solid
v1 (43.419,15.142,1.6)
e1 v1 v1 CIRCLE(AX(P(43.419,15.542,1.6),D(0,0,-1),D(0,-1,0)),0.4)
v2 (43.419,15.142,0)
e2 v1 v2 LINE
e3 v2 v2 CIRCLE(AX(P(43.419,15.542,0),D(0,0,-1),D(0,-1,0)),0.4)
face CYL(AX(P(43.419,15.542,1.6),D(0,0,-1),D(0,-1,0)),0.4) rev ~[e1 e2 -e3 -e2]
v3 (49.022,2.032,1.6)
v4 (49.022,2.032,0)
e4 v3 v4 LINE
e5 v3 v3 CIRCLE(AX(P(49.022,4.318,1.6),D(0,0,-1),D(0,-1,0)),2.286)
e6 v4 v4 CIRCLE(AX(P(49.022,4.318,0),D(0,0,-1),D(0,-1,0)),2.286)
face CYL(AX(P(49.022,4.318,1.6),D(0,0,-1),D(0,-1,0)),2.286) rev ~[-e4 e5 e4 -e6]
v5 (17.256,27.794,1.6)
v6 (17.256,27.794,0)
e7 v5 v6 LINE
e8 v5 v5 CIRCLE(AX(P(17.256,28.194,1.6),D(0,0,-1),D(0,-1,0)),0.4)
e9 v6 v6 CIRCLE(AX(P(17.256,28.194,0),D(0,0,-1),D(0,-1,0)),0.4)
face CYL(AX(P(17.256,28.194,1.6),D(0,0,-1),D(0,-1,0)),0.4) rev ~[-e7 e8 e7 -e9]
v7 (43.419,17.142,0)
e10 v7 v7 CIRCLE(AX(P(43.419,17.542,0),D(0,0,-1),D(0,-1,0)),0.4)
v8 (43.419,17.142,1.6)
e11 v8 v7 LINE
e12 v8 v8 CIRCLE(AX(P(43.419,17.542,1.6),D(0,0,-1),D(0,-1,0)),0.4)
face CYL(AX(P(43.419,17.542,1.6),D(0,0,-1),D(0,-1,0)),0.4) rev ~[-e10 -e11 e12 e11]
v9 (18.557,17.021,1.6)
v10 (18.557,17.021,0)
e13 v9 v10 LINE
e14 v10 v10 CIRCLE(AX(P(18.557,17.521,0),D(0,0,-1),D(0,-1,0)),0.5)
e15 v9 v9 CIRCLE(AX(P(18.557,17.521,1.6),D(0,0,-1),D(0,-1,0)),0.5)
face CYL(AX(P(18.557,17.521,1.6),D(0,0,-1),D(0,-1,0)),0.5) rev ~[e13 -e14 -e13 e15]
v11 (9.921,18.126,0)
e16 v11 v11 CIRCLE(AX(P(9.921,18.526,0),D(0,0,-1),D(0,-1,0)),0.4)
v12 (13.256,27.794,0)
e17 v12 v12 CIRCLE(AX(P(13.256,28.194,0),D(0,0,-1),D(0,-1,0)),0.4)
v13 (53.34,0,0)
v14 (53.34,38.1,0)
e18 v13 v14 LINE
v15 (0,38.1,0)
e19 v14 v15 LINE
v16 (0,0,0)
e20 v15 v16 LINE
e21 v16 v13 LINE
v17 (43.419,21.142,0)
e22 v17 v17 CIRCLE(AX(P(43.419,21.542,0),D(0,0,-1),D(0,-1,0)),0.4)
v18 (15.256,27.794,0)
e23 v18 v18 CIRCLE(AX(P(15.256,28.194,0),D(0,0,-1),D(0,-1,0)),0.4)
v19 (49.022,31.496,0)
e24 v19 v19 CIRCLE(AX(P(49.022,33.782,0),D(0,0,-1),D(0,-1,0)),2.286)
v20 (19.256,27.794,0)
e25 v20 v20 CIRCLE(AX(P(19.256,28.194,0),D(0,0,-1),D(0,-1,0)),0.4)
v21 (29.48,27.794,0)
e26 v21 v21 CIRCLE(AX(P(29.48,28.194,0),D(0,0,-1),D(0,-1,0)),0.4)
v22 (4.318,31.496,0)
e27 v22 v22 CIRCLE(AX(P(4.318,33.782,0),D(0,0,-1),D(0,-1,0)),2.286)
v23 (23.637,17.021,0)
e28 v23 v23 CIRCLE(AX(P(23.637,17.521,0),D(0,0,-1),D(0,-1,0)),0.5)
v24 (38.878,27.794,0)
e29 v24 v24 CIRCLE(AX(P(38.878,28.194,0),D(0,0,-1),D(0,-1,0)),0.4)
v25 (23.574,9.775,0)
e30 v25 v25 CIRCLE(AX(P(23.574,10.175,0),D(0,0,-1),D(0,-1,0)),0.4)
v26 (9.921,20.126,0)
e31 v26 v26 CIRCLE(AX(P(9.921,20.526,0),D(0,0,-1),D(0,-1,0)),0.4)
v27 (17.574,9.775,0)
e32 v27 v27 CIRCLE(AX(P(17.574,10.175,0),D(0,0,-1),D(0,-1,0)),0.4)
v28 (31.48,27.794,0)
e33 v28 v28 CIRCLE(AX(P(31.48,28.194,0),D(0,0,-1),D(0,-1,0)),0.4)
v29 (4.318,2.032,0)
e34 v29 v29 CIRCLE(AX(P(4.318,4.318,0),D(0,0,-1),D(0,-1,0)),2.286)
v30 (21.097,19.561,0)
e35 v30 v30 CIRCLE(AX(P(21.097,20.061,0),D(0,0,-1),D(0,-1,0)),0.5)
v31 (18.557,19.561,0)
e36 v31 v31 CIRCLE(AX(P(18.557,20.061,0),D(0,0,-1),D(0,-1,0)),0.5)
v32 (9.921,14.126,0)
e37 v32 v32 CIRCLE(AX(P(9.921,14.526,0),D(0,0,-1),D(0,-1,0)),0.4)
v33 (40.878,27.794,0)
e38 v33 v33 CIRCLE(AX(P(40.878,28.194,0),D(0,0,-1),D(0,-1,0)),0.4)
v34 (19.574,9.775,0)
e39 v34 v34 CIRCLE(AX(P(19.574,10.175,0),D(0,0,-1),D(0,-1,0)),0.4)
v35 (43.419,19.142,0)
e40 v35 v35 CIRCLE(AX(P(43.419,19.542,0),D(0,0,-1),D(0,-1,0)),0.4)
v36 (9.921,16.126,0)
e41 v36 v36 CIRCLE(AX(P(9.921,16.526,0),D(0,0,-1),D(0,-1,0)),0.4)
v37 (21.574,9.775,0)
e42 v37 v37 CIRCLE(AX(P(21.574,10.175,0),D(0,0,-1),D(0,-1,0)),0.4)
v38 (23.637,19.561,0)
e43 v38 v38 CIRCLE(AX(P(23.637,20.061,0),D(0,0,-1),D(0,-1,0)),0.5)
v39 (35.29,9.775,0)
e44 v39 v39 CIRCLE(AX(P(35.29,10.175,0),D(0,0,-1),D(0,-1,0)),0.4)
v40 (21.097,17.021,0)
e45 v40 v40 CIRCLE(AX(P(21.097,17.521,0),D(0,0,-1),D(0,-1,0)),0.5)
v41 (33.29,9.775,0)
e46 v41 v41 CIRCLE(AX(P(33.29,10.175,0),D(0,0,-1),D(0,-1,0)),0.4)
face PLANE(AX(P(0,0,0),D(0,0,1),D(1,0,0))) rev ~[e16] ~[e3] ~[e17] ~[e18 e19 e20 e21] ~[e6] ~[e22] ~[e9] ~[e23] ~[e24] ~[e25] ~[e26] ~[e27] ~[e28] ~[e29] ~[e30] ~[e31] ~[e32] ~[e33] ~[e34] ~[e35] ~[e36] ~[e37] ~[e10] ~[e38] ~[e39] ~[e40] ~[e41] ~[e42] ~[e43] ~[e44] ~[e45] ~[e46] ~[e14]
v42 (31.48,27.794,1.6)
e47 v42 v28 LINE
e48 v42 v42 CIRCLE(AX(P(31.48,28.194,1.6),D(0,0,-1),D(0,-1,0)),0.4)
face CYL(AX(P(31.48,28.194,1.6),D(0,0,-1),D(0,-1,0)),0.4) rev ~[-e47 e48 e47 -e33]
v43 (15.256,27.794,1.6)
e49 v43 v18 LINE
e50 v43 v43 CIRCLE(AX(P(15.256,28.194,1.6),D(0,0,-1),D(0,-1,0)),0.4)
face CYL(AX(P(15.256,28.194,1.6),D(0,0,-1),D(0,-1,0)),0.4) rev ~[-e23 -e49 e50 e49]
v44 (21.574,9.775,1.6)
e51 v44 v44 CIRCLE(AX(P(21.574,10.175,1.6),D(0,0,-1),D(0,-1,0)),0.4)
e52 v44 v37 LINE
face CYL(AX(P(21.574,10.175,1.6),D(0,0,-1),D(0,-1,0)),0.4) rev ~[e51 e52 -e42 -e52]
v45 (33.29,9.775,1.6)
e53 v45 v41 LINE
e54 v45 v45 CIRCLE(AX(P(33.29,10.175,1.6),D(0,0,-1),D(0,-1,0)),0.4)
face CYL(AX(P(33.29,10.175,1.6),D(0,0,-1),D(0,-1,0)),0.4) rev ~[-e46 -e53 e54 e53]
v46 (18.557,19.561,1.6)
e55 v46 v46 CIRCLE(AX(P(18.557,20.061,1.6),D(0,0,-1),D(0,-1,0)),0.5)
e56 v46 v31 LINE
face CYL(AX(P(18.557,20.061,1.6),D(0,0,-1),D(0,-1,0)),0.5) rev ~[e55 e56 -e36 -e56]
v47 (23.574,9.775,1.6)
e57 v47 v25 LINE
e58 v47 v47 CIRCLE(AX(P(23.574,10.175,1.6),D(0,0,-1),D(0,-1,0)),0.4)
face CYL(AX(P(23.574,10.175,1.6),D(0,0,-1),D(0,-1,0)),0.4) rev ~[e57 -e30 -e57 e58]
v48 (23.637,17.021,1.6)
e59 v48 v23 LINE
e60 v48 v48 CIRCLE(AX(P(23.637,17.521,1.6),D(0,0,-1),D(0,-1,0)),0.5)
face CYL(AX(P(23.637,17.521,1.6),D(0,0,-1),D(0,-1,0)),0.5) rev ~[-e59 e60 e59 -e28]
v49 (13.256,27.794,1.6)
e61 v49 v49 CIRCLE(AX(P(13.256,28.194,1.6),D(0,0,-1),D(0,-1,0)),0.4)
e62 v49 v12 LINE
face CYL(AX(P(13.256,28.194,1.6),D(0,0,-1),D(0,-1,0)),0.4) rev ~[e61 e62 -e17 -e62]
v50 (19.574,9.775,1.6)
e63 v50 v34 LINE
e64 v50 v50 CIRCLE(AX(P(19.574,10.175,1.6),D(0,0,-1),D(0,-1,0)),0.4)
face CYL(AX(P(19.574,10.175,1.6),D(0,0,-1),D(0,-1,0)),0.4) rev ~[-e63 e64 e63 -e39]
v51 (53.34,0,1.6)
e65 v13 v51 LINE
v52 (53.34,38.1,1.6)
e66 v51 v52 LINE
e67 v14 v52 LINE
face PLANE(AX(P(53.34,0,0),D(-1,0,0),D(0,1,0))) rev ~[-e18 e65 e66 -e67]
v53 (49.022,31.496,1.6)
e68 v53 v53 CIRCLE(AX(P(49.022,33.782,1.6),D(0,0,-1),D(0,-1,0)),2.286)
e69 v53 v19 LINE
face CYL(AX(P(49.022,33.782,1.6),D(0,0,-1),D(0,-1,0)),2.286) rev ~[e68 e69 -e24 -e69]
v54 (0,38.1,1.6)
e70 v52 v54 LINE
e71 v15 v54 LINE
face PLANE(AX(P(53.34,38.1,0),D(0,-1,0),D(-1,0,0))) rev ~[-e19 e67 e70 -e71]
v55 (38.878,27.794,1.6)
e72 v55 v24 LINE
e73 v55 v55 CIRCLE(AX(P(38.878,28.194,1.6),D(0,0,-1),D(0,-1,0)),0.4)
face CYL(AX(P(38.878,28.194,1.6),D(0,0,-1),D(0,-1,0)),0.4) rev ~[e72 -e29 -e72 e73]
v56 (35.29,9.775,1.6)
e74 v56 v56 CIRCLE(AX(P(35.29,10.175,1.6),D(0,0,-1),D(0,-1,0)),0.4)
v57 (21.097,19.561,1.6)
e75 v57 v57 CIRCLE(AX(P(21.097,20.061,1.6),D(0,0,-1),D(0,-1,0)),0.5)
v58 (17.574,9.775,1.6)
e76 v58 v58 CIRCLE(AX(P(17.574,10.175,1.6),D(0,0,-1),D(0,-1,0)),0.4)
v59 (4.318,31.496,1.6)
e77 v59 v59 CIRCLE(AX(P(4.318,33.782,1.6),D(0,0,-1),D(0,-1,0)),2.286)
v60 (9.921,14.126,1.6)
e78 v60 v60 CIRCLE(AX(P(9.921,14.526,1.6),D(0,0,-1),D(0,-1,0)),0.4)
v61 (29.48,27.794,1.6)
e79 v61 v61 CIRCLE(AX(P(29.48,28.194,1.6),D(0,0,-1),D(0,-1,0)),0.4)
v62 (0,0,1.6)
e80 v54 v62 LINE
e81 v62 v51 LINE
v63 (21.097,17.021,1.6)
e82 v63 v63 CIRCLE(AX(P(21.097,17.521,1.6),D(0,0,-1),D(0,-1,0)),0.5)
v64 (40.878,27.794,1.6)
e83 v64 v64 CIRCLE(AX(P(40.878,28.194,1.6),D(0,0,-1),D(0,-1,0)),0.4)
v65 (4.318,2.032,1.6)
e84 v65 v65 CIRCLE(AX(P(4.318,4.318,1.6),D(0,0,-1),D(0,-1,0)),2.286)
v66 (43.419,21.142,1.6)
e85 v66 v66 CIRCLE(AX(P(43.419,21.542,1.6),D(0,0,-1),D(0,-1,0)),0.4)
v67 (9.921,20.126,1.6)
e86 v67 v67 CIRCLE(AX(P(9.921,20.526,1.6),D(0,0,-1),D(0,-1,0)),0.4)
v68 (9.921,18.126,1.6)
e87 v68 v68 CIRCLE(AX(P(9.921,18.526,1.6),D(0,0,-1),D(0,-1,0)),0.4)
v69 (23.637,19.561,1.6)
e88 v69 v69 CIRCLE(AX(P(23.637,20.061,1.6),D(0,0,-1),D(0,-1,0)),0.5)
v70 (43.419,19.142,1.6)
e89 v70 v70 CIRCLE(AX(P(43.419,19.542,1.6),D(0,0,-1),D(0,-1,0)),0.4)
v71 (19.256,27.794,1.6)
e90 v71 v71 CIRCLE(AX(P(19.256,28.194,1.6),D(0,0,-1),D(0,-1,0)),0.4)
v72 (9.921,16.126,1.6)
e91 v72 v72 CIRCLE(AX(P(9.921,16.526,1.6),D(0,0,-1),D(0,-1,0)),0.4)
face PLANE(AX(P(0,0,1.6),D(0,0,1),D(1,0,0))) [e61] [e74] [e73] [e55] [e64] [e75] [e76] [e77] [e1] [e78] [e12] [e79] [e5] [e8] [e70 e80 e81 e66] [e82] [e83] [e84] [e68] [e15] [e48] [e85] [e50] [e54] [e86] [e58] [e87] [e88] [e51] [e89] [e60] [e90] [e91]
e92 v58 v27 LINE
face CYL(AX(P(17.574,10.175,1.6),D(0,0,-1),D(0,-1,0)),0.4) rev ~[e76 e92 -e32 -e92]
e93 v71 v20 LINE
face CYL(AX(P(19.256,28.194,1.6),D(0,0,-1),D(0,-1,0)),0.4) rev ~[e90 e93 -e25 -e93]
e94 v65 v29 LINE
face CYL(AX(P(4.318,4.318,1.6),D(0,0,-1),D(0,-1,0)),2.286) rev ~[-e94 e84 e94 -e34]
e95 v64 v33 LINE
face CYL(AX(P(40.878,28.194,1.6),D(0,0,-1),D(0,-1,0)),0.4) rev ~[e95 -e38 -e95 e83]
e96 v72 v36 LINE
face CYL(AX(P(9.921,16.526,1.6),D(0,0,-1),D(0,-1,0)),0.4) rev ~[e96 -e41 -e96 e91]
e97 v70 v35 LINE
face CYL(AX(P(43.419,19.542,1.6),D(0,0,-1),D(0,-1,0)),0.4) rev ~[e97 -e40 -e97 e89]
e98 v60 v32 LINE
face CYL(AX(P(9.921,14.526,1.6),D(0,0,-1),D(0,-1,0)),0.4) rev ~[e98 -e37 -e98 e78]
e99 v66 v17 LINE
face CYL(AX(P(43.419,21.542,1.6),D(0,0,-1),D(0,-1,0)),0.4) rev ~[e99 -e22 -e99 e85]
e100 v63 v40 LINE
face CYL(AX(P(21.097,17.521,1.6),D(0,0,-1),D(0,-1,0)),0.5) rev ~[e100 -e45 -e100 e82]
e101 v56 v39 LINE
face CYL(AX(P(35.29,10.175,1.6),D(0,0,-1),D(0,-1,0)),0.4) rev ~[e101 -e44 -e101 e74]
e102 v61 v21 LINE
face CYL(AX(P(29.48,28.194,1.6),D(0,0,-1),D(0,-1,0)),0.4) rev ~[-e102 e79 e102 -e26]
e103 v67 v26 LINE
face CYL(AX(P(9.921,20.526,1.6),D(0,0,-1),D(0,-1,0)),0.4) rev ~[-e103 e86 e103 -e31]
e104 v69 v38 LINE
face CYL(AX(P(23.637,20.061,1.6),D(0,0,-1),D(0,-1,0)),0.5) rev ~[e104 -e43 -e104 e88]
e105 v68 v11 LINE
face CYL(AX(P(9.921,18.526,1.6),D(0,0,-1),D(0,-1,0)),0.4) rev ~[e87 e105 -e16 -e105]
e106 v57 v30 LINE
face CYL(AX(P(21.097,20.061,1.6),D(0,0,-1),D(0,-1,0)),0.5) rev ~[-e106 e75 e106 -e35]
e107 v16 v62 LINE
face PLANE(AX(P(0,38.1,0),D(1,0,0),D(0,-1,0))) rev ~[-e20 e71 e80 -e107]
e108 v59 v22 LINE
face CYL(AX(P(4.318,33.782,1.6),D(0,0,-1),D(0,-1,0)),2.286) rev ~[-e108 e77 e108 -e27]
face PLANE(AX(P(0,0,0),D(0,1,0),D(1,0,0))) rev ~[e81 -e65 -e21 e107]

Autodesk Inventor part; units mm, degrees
ref_plane "YZ Plane" through (0, 0, 0) normal (1, 0, 0) x (0, 1, 0)
ref_plane "XZ Plane" through (0, 0, 0) normal (0, 1, 0) x (-1, 0, 0)
ref_plane "XY Plane" through (0, 0, 0) normal (0, 0, 1) x (1, 0, 0)
sketch "Sketch1" plane through (0, 0, 0) normal (0, 0, 1) x (1, 0, 0)
  line L0 (0, 0) -> (53.34, 0)
  line L1 (53.34, 0) -> (53.34, 38.1)
  line L2 (53.34, 38.1) -> (0, 38.1)
  line L3 (0, 38.1) -> (0, 0)
  dimension "d0" = 53.34
  dimension "d1" = 38.1
extrude "Extrusion1" add sketch "Sketch1" along normal blind 1.6
sketch "Sketch2" plane through (0, 0, 1.6) normal (0, 0, 1) x (1, 0, 0)
  line L0 (53.34, 38.1) -> (0, 38.1) projected
  line L1 (0, 0) -> (53.34, 0) projected
  line L2 (0, 38.1) -> (0, 0) projected
  line L3 (53.34, 0) -> (53.34, 38.1) projected
  point P0 (4.318, 33.782)
  point P1 (49.022, 33.782)
  point P2 (49.022, 4.318)
  point P3 (4.318, 4.318)
  dimension "d4" = 29.464
  dimension "d5" = 4.318
  dimension "d6" = 38.1
  dimension "d7" = 53.34
  dimension "d8" = 4.318
  dimension "d9" = 4.318
hole "Hole1" at (4.318, 33.782, 1.6) at (49.022, 33.782, 1.6) at (49.022, 4.318, 1.6) at (4.318, 4.318, 1.6) direction (0, 0, -1) diameter 4.572 end through all
sketch "Sketch3" plane through (0, 0, 1.6) normal (0, 0, 1) x (1, 0, 0)
  line L0 (0, 38.1) -> (0, 0) projected
  line L1 (53.34, 38.1) -> (0, 38.1) projected
  line L2 (0, 0) -> (53.34, 0) projected
  line L3 (53.34, 0) -> (53.34, 38.1) projected
  point P0 (19.256, 28.194)
  point P1 (31.48, 28.194)
  point P2 (40.878, 28.194)
  point P3 (9.921, 20.526)
  point P4 (43.419, 15.542)
  point P5 (17.574, 10.175)
  point P6 (33.29, 10.175)
  point P7 (17.256, 28.194)
  point P8 (15.256, 28.194)
  point P9 (13.256, 28.194)
  point P10 (38.878, 28.194)
  point P11 (29.48, 28.194)
  point P12 (9.921, 18.526)
  point P13 (9.921, 16.526)
  point P14 (9.921, 14.526)
  point P15 (19.574, 10.175)
  point P16 (21.574, 10.175)
  point P17 (23.574, 10.175)
  point P18 (35.29, 10.175)
  point P19 (43.419, 17.542)
  point P20 (43.419, 19.542)
  point P21 (43.419, 21.542)
  dimension "d17" = 19.256
  dimension "d18" = 31.48
  dimension "d19" = 40.878
  dimension "d20" = 9.906
  dimension "d44" = 2
  dimension "d51" = 2
  dimension "d58" = 2
  dimension "d63" = 9.921
  dimension "d64" = 17.574
  dimension "d65" = 17.574
  dimension "d66" = 10.175
  dimension "d67" = 33.29
  dimension "d68" = 15.542
  dimension "d69" = 9.921
  dimension "d72" = 2
  dimension "d79" = 2
  dimension "d86" = 2
  dimension "d93" = 2
hole "Hole2" at (19.256, 28.194, 1.6) at (31.48, 28.194, 1.6) at (40.878, 28.194, 1.6) at (9.921, 20.526, 1.6) at (43.419, 15.542, 1.6) at (17.574, 10.175, 1.6) at (33.29, 10.175, 1.6) at (17.256, 28.194, 1.6) at (15.256, 28.194, 1.6) at (13.256, 28.194, 1.6) at (38.878, 28.194, 1.6) at (29.48, 28.194, 1.6) at (9.921, 18.526, 1.6) at (9.921, 16.526, 1.6) at (9.921, 14.526, 1.6) at (19.574, 10.175, 1.6) at (21.574, 10.175, 1.6) at (23.574, 10.175, 1.6) at (35.29, 10.175, 1.6) at (43.419, 17.542, 1.6) at (43.419, 19.542, 1.6) at (43.419, 21.542, 1.6) direction (0, 0, -1) diameter 0.8 end through all
sketch "Sketch4" plane through (0, 0, 1.6) normal (0, 0, 1) x (1, 0, 0)
  line L0 (53.34, 38.1) -> (0, 38.1) projected
  line L1 (0, 38.1) -> (0, 0) projected
  point P0 (18.557, 17.521)
  point P1 (21.097, 17.521)
  point P2 (23.637, 17.521)
  point P3 (18.557, 20.061)
  point P4 (21.097, 20.061)
  point P5 (23.637, 20.061)
  dimension "d105" = 20.579
  dimension "d106" = 18.557
  dimension "d109" = 2.54
  dimension "d112" = 2.54
hole "Hole3" at (18.557, 17.521, 1.6) at (21.097, 17.521, 1.6) at (23.637, 17.521, 1.6) at (18.557, 20.061, 1.6) at (21.097, 20.061, 1.6) at (23.637, 20.061, 1.6) direction (0, 0, -1) diameter 1 end through all
equation "\"d5\" = -0.5 * d4 + 0.5 * d6"
equation "\"d8\" = d5"
equation "\"d9\" = d5"
properties part number "board"
